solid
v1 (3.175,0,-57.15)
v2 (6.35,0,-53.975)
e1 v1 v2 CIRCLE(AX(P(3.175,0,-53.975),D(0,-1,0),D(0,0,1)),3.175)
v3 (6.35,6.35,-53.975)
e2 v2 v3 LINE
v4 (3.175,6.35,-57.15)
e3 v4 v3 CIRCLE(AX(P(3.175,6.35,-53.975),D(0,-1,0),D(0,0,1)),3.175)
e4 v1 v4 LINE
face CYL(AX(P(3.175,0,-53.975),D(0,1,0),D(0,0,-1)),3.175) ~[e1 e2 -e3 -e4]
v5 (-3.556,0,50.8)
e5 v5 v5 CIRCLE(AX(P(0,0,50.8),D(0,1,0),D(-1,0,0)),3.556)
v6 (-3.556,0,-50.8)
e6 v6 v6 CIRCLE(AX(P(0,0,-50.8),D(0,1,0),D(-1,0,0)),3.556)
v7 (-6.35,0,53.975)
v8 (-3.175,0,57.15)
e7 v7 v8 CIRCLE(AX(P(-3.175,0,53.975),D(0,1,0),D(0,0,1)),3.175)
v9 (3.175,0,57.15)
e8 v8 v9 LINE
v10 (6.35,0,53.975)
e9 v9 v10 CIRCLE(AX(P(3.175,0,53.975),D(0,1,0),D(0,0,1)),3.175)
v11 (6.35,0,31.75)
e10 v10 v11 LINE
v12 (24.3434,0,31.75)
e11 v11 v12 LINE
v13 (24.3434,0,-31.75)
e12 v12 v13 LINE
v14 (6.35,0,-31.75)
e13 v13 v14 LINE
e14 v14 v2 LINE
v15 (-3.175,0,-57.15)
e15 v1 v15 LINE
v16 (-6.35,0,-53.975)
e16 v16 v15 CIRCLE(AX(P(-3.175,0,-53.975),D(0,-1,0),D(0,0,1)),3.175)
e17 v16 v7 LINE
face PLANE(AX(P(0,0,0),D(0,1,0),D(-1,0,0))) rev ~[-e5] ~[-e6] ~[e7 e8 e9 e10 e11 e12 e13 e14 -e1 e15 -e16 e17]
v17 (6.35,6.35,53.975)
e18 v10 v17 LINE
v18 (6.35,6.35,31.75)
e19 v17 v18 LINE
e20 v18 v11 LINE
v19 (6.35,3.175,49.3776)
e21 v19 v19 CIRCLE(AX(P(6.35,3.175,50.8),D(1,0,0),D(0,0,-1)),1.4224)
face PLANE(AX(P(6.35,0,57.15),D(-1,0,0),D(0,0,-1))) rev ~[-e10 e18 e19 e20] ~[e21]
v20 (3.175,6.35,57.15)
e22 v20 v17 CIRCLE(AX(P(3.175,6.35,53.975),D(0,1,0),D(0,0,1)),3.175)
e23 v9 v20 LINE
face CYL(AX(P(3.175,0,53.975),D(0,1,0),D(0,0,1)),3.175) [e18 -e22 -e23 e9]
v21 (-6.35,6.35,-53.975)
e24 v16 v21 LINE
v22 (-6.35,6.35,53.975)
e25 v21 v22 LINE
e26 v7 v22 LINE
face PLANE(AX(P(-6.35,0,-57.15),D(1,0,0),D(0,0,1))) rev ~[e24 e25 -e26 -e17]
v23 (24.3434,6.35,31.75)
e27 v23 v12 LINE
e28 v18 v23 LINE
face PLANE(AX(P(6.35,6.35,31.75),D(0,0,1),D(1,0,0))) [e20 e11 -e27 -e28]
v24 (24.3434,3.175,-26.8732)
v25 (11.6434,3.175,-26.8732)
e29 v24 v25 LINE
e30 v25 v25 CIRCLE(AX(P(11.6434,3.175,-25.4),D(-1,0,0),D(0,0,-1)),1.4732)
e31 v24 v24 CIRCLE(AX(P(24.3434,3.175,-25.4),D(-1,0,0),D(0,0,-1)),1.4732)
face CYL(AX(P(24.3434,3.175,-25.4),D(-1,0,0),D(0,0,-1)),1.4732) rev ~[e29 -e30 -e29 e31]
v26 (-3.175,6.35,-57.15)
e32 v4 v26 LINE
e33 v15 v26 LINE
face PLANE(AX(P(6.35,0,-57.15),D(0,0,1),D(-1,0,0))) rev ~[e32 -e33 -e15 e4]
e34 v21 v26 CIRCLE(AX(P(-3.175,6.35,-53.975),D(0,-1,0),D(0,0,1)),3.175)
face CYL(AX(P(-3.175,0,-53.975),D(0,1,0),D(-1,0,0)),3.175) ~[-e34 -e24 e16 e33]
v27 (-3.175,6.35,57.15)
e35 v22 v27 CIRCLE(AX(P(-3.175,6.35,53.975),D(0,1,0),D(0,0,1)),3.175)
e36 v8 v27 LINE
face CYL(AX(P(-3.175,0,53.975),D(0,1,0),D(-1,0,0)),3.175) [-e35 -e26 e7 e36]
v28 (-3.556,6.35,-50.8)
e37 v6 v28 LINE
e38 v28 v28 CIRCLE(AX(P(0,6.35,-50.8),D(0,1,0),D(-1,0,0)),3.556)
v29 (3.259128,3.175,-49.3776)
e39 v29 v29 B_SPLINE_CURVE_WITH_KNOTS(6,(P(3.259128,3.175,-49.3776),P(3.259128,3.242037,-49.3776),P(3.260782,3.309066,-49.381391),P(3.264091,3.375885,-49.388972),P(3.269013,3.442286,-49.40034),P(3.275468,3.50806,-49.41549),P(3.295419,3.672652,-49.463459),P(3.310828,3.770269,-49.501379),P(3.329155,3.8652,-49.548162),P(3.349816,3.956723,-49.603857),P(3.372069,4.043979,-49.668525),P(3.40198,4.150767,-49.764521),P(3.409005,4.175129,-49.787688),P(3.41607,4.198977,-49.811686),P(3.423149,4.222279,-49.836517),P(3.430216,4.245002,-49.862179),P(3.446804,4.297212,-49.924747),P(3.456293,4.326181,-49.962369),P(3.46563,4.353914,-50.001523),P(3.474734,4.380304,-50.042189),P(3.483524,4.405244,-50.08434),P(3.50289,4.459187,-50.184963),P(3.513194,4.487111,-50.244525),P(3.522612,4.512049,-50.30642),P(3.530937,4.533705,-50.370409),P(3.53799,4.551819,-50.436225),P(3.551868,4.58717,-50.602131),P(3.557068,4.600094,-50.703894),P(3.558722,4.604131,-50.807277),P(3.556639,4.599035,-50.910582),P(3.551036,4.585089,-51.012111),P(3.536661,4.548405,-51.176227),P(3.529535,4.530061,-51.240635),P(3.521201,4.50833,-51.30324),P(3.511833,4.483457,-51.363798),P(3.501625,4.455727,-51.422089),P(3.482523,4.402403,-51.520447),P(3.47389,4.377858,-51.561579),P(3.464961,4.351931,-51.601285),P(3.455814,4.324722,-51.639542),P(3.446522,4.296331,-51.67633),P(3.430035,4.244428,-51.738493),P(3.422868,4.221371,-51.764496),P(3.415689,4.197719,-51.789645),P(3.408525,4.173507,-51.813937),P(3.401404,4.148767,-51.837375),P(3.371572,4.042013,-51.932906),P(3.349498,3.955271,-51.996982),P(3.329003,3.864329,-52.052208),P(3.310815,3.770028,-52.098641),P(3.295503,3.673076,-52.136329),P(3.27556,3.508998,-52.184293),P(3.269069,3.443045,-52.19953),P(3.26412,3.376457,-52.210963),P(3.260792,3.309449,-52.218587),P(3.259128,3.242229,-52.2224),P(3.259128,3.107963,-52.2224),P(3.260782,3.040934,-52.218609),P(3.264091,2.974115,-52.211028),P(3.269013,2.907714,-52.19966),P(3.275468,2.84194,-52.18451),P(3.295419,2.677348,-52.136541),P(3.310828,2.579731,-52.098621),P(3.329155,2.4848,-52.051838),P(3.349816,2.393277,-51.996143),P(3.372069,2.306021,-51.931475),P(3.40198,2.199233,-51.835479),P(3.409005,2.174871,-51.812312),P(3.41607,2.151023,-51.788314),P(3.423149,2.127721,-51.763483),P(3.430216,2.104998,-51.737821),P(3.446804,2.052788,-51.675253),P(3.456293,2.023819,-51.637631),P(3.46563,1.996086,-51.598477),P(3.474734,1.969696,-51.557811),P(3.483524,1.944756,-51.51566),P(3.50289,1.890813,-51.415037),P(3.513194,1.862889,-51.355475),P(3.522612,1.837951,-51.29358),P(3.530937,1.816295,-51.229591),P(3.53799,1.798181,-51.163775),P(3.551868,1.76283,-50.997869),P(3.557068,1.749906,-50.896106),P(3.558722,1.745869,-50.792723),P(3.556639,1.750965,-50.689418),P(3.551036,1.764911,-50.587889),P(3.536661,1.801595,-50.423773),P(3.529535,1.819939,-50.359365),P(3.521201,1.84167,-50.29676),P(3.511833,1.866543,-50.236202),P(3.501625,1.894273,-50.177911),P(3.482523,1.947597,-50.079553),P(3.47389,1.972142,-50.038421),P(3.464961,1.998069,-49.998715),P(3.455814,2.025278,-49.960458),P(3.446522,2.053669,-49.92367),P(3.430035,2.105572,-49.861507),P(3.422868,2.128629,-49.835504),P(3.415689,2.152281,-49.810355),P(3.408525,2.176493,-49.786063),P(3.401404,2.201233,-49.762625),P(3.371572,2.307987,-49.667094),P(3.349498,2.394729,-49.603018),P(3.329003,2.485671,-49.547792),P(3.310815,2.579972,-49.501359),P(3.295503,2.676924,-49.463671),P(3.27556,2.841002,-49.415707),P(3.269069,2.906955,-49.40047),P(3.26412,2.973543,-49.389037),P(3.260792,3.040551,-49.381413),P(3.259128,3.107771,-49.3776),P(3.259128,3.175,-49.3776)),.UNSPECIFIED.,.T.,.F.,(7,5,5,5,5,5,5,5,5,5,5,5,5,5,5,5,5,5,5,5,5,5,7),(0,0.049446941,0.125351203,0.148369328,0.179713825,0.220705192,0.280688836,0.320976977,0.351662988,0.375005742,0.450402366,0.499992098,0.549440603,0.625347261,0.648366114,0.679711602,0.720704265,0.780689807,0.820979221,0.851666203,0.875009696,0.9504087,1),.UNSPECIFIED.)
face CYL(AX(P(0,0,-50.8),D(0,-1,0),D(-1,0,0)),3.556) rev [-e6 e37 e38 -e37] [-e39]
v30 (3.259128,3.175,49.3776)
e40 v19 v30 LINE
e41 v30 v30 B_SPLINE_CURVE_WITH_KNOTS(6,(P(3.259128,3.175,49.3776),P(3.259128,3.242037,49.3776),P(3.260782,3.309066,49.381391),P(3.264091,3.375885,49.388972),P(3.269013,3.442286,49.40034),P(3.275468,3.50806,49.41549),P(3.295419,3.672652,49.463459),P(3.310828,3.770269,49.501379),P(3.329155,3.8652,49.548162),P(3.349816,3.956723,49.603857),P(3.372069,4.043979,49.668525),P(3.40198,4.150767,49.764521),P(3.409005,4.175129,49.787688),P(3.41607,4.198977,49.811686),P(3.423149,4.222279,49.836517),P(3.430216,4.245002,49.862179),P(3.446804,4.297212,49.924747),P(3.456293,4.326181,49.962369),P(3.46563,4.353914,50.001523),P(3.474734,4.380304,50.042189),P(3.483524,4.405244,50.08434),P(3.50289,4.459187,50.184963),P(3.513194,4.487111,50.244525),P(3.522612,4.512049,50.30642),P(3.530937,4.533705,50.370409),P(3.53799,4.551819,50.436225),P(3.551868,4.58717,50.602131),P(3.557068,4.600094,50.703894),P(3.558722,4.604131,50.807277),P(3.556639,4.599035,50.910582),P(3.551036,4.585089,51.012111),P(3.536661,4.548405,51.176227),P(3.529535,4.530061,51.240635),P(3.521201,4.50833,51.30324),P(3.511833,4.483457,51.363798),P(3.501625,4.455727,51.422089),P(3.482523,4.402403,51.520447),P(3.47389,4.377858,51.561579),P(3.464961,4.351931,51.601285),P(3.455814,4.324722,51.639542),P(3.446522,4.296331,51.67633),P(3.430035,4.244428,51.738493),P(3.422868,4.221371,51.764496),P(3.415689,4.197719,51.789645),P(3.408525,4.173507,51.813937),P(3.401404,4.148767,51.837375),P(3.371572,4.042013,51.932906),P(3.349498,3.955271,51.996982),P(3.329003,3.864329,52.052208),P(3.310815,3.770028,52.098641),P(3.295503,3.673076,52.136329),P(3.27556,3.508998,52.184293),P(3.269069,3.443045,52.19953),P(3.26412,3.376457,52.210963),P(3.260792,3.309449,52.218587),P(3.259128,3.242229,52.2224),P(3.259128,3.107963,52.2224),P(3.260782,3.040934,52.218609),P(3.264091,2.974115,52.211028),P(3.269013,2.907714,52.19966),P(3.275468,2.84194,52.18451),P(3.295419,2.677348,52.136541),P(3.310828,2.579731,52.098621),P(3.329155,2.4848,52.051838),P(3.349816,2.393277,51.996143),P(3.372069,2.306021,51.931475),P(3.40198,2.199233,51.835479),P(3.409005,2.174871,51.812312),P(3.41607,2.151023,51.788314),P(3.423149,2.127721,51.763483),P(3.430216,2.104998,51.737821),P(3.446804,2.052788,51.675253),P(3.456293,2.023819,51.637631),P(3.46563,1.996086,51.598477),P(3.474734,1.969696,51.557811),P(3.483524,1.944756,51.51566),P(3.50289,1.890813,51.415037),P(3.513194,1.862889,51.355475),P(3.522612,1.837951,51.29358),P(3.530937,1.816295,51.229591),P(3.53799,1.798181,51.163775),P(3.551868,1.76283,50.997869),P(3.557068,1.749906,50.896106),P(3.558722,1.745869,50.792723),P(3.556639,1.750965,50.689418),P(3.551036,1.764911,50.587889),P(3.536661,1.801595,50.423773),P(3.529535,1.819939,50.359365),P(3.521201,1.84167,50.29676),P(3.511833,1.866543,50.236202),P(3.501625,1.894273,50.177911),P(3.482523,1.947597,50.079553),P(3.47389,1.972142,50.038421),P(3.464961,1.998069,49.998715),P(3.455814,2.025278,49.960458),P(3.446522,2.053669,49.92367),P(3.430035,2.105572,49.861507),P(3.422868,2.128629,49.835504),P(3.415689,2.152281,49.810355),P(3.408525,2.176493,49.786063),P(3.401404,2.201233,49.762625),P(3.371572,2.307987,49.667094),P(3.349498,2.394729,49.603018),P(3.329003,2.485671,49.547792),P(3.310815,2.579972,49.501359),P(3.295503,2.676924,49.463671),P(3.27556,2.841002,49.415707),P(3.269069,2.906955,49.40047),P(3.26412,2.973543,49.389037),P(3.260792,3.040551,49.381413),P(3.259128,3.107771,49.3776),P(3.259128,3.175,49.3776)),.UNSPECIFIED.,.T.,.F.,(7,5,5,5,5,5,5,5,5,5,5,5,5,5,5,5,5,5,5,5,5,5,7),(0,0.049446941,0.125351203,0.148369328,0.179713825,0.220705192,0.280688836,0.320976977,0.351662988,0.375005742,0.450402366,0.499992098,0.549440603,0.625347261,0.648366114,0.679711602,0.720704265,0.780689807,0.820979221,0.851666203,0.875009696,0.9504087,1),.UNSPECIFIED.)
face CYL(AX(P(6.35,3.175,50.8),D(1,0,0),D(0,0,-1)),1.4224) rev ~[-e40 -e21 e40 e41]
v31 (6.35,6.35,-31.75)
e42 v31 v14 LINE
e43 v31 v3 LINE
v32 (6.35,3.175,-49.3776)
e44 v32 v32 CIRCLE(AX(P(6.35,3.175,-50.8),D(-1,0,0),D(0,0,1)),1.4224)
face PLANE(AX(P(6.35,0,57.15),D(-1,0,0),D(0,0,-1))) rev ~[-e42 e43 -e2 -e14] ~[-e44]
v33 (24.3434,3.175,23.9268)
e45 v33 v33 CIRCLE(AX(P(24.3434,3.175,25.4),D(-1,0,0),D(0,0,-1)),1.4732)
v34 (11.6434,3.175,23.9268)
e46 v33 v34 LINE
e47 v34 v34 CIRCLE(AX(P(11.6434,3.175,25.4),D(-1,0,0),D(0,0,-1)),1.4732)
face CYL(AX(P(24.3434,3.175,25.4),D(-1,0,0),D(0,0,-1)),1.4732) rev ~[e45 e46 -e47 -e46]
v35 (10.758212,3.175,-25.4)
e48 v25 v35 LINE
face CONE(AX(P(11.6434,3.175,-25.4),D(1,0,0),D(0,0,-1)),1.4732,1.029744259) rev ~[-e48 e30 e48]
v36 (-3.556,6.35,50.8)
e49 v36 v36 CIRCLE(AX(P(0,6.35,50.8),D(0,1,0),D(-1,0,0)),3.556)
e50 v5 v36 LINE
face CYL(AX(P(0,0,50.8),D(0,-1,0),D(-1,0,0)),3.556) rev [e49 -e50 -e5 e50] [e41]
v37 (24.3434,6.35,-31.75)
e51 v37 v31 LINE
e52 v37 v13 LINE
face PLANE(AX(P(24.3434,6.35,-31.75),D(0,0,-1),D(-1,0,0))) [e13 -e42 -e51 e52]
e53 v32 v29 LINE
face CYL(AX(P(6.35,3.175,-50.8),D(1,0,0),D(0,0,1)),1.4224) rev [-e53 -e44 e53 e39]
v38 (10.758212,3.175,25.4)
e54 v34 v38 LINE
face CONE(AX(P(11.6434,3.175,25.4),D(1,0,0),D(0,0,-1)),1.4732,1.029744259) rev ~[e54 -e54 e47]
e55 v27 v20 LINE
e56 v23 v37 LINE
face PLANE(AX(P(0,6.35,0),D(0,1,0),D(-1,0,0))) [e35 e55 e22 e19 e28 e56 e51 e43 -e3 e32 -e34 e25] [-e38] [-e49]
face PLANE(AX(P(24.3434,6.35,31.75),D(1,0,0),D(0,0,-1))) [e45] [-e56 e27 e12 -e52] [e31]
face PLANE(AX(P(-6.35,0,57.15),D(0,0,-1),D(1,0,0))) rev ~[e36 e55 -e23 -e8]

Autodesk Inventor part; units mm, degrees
sketch "Sketch1" plane through (0, 0, 0) normal (0, 1, 0) x (-1, 0, 0)
  line L0 (6.35, 57.15) -> (-6.35, 57.15)
  line L1 (-6.35, 57.15) -> (-6.35, -57.15)
  line L2 (-6.35, -57.15) -> (6.35, -57.15)
  line L3 (6.35, -57.15) -> (6.35, 57.15)
  circle A0 centre (0, 50.8) radius 3.556
  circle A1 centre (0, -50.8) radius 3.556
  point P0 (0, 0)
  dimension "d0" = 12.7
  dimension "d2" = 57.15
  dimension "d3" = 114.3
  dimension "d4" = 101.6
  dimension "d5" = 50.8
  dimension "d25" = 7.112
  dimension "d26" = 7.112
extrude "Extrusion1" add sketch "Sketch1" along normal blind 6.35
sketch "Sketch2" plane through (0, 0, 0) normal (0, -1, 0) x (1, 0, 0)
  circle A0 centre (0, -50.8) radius 3.556 projected
  circle A1 centre (0, 50.8) radius 3.556 projected
  point P0 (0, 0)
extrude "Extrusion2" [suppressed]
sketch "Sketch4" plane through (0, 6.35, 0) normal (0, 1, 0) x (1, 0, 0)
  circle A0 centre (-19.05, 15.1999) radius 3
  line L0 (-20.7085, 12.7) -> (-17.3915, 12.7)
  line L1 (-31.75, 12.7) -> (-6.35, 12.7) projected
  line L2 (-6.35, 57.15) -> (-6.35, -57.15) projected
  arc A1 (-16.521, 12.7) -> (-21.579, 12.7) centre (-19.05, 15.1999) ccw
  line L3 (-31.75, 12.7) -> (-6.35, 12.7) projected
  line L4 (-21.579, 12.7) -> (-20.7085, 12.7)
  line L5 (-17.3915, 12.7) -> (-16.521, 12.7)
  point P0 (0, 0)
  dimension "d18" = 6
  dimension "d19" = 3.317
  dimension "d20" = 0
  dimension "d21" = 12.7
  dimension "d22" = 7.112
extrude "Extrusion4" [suppressed]
mirror "Mirror1" [suppressed]
sketch "Sketch6" plane through (0, 0, 0) normal (0, -1, 0) x (1, 0, 0)
  line L0 (-6.35, 57.15) -> (6.35, 57.15) projected
  line L1 (6.35, 57.15) -> (12.7, 57.15)
  line L2 (12.7, 57.15) -> (12.7, -57.15)
  line L3 (12.7, -57.15) -> (6.35, -57.15)
  line L4 (6.35, -57.15) -> (6.35, 57.15)
  line L5 (6.35, -57.15) -> (-6.35, -57.15) projected
  point P0 (0, 0)
  dimension "d44" = 114.3
  dimension "d45" = 114.3
  dimension "d48" = 6.35
extrude "Extrusion6" [suppressed]
ref_plane "Work Plane2" through (12.7, 0, 41.275) normal (1, 0, 0) x (0, 0, -1)
ref_plane "Work Plane3" through (14.2875, 0, 41.275) normal (1, 0, 0) x (0, 0, -1)
ref_plane "Work Plane1" through (12.7, 0, 41.275) normal (1, 0, 0) x (0, 0, -1)
ref_plane "Work Plane4" through (12.7, 3.175, 41.275) normal (0, 1, 0) x (1, 0, 0)
sketch "Sketch11" plane through (0, 6.35, 0) normal (0, 1, 0) x (1, 0, 0)
  circle A0 centre (0, 50.8) radius 3.556 projected
  line L0 (6.35, 57.15) -> (-6.35, 57.15) projected
  circle A1 centre (0, -48.895) radius 3.556 projected
  point P0 (0, 0)
  dimension "d70" = 6.35
  dimension "d71" = 7.112
  dimension "d72" = 97.79
sketch "Sketch12" plane through (0, 0, 0) normal (0, -1, 0) x (1, 0, 0)
  circle A0 centre (0, 50.8) radius 3.556 projected
  circle A1 centre (0, -50.8) radius 3.556 projected
  circle A2 centre (0, -50.8) radius 1.651
  circle A3 centre (0, 50.8) radius 1.651
  point P0 (0, 0)
  dimension "d73" = 3.302
  dimension "d74" = 3.302
extrude "Extrusion11" [suppressed]
sketch "Sketch14" plane through (6.35, 0, 57.15) normal (1, 0, 0) x (0, 0, -1)
  circle A0 centre (6.35, 3.175) radius 1.4224
  line L0 (2.794, 6.35) -> (9.906, 6.35) projected
  line L1 (104.394, 6.35) -> (111.506, 6.35) projected
  line L2 (0, 0) -> (114.3, 0) projected
  point P0 (57.15, 0)
  point P1 (2.159, 1.27)
  point P2 (9.271, 1.27)
  point P3 (99.949, 1.27)
  point P4 (107.061, 1.27)
  dimension "d87" = 2.8448
  dimension "d99" = 3.175
  dimension "d100" = 6.35
  dimension "d101" = 7.112
  dimension "d102" = 3.556
extrude "Extrusion13" cut sketch "Sketch14" against normal up to next
thread "Thread3" size "5-40 UNC" class "2B" standard "ANSI Unified Screw Threads" full length
mirror "Mirror3" about plane through (0, 0, 0) normal (0, 0, 1) of "Extrusion13"
thread "Thread4" size "5-40 UNC" class "2B" standard "ANSI Unified Screw Threads" full length
fillet "Fillet1" radius 3.175 4 edges at (6.35, 3.175, 57.15) (-6.35, 3.175, 57.15) (6.35, 3.175, -57.15) (-6.35, 3.175, -57.15)
sketch "Sketch15" plane through (0, 6.35, 0) normal (0, 1, 0) x (1, 0, 0)
  line L0 (6.35, -53.975) -> (6.35, 53.975) projected
  line L1 (6.35, -31.75) -> (24.3434, -31.75)
  line L2 (24.3434, -31.75) -> (24.3434, 31.75)
  line L3 (24.3434, 31.75) -> (6.35, 31.75)
  line L4 (6.35, 31.75) -> (6.35, -31.75)
  point P0 (0, 0)
  dimension "d103" = 63.5
  dimension "d104" = 31.75
  dimension "d105" = 17.9934
extrude "Extrusion14" add sketch "Sketch15" against normal up to surface (6.35 mm away)
sketch "Sketch16" plane through (24.3434, 6.35, 31.75) normal (1, 0, 0) x (0, 0, -1)
  line L0 (0, 0) -> (0, -6.35) projected
  line L1 (0, 0) -> (63.5, 0) projected
  line L2 (0, -6.35) -> (63.5, -6.35) projected
  line L3 (31.75, -6.35) -> (31.75, 0)
  line L4 (85.725, 0) -> (-22.225, 0) projected
  point P0 (6.35, -3.175)
  point P1 (57.15, -3.175)
  dimension "d112" = 6.35
  dimension "d114" = 3.175
  dimension "d126" = 50.8
  dimension "d128" = 25.4
hole "Hole1" at (24.3434, 3.175, 25.4) at (24.3434, 3.175, -25.4) direction (-1, 0, 0) diameter 2.9464 depth 12.7 tip angle 118
thread "Thread5" size "5-40 UNC" class "2B" standard "ANSI Unified Screw Threads" full length
thread "Thread6" size "5-40 UNC" class "2B" standard "ANSI Unified Screw Threads" full length
equation "\"d2\" = 0.5 * d3"
equation "\"d5\" = 0.5 * d4"
equation "\"d26\" = d25"
equation "\"d45\" = d44"
equation "\"d74\" = d73"
equation "\"d99\" = 0.5 * d100"
equation "\"d102\" = 0.5 * d101"
equation "\"d104\" = 0.5 * d103"
equation "\"d114\" = 0.5 * d112"
properties part number "Slide rod connector" material "Aluminum 6061"
